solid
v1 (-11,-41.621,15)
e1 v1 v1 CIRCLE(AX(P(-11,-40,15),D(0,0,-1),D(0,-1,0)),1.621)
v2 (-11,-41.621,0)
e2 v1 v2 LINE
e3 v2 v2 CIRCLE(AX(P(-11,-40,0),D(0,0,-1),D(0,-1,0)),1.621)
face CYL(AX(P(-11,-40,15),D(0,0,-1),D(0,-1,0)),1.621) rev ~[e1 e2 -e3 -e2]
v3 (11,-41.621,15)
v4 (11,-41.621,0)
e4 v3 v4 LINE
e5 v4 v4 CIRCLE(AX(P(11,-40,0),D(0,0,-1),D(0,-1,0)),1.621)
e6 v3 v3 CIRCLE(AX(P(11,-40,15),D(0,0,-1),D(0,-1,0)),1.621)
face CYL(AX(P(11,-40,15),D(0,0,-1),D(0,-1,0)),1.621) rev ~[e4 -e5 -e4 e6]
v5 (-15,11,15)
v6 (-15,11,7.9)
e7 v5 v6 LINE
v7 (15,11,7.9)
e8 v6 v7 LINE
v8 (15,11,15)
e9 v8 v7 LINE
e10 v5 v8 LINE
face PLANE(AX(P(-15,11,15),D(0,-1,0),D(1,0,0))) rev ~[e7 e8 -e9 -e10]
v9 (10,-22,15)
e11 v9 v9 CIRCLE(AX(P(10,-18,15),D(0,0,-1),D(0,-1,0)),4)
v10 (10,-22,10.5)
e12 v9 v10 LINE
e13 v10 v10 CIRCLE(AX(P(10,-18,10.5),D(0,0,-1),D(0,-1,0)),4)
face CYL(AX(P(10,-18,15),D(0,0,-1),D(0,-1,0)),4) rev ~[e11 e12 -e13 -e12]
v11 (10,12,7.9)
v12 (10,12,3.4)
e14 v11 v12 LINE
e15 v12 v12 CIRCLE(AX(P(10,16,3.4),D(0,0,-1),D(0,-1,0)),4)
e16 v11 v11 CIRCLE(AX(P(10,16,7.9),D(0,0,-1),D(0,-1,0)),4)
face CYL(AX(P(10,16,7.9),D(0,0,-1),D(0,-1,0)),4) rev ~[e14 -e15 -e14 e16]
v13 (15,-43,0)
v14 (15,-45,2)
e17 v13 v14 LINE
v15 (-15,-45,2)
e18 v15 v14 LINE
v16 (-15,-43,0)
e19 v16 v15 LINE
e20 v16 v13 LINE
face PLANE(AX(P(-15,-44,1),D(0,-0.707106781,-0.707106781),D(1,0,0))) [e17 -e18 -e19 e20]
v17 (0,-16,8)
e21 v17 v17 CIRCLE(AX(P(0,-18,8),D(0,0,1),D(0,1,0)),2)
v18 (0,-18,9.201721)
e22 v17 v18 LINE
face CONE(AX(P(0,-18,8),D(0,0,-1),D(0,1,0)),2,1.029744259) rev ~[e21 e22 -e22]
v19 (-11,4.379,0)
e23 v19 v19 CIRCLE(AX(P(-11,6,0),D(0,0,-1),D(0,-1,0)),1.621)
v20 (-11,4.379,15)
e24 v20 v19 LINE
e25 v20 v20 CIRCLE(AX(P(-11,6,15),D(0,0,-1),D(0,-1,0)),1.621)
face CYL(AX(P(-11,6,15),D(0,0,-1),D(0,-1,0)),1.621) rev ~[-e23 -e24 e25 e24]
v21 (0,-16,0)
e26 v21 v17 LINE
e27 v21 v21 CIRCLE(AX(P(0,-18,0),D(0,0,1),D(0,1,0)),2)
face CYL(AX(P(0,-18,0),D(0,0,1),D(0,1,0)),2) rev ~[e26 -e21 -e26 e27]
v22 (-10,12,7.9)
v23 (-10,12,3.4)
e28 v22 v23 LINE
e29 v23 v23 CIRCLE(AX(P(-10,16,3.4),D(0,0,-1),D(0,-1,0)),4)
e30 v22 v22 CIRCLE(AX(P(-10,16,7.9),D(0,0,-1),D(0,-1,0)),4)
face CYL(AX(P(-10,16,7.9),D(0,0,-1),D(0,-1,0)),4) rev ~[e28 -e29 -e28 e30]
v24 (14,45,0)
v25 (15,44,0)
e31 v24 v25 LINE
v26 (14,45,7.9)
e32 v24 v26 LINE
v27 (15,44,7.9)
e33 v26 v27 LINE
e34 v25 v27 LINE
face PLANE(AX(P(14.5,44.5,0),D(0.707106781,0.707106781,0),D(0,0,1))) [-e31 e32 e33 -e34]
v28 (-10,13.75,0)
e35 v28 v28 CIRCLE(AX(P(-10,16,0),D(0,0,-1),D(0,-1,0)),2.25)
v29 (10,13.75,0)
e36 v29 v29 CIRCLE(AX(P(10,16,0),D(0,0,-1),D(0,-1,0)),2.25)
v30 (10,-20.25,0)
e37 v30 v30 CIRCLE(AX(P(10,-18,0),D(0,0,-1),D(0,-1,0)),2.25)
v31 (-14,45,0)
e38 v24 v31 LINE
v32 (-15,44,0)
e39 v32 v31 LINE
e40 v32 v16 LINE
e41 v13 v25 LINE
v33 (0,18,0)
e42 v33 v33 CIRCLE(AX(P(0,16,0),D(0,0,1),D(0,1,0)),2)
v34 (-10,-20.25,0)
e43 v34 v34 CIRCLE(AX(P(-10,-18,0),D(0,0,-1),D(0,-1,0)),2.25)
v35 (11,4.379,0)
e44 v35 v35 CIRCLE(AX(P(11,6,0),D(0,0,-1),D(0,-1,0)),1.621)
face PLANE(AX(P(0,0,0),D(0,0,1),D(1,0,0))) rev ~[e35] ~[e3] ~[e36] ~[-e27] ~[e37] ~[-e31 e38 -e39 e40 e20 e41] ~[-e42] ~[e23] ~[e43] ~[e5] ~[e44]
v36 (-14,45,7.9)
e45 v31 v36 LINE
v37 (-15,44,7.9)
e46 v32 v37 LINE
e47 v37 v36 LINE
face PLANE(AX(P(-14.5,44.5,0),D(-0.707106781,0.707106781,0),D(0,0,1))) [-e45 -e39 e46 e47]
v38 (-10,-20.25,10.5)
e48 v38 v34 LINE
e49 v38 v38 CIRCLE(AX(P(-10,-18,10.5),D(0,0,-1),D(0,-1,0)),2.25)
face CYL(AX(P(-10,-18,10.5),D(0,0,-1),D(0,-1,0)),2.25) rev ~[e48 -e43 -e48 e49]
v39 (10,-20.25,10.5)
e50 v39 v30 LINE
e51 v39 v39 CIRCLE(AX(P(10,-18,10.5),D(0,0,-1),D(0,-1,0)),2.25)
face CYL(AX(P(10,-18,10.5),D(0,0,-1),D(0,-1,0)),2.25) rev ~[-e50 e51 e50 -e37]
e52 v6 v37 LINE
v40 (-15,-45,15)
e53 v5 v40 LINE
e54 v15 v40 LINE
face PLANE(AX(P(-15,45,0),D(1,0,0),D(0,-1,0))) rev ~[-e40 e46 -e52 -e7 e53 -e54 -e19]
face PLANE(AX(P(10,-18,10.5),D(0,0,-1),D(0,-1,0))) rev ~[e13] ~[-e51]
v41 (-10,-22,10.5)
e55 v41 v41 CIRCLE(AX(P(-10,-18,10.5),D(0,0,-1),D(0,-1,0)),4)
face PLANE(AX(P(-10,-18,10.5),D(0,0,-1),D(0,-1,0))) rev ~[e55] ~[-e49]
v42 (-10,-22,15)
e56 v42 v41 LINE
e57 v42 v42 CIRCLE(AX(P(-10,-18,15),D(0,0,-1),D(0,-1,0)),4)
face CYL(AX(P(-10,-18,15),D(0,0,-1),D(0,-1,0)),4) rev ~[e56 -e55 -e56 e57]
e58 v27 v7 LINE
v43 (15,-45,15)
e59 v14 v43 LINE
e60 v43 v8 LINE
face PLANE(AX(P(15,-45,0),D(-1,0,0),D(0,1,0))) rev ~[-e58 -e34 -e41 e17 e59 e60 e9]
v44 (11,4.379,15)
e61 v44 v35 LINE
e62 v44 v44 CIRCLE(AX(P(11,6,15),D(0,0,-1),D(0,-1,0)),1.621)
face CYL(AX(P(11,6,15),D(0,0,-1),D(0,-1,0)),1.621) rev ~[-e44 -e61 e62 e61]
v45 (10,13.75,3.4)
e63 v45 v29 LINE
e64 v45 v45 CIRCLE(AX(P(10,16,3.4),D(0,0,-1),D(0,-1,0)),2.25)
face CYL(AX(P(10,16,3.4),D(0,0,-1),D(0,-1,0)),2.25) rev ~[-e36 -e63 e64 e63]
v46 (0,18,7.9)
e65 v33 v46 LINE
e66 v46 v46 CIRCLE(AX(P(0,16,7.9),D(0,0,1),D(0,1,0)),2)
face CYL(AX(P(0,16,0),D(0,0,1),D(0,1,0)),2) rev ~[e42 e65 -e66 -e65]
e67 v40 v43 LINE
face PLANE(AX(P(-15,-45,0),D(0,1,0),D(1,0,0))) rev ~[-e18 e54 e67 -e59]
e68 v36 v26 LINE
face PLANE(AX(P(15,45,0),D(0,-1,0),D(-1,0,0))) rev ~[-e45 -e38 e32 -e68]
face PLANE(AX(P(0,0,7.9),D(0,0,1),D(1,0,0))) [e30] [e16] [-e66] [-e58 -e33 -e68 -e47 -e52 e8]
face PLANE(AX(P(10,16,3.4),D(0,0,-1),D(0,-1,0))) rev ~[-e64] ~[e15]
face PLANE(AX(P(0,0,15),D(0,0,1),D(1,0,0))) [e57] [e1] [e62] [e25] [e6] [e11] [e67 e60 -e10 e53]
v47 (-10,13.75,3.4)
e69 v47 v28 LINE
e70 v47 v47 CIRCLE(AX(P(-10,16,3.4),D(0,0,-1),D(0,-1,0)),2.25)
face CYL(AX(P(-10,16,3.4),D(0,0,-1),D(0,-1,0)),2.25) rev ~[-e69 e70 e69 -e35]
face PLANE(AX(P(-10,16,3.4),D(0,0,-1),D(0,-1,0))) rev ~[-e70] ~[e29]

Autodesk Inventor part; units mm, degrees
ref_plane "YZ Plane" through (0, 0, 0) normal (1, 0, 0) x (0, 1, 0)
ref_plane "XZ Plane" through (0, 0, 0) normal (0, 1, 0) x (-1, 0, 0)
ref_plane "XY Plane" through (0, 0, 0) normal (0, 0, 1) x (1, 0, 0)
sketch "スケッチ1" plane through (0, 0, 0) normal (0, 0, 1) x (1, 0, 0)
  line L0 (-15, -45) -> (15, -45)
  line L1 (15, -45) -> (15, 45)
  line L2 (15, 45) -> (-15, 45)
  line L3 (-15, 45) -> (-15, -45)
  point P0 (0, 0)
  point P1 (0, -45)
  point P2 (-15, 0)
  dimension "d0" = 30
  dimension "d1" = 90
extrude "押し出し1" add sketch "スケッチ1" along normal blind 15
sketch "スケッチ6" plane through (0, 0, 15) normal (0, 0, 1) x (1, 0, 0)
  line L0 (15, -45) -> (-15, -45) projected
  point P0 (0, 0)
  point P1 (-11, -40)
  dimension "d33" = 11
  dimension "d52" = 5
hole "穴3" at (-11, -40, 15) direction (0, 0, -1) diameter 3.242 end through all thread size "M4x0.7" class "6H" standard "ANSI Metric M Profile"
pattern_linear "矩形状パターン2" count 2 spacing 22 along (1, 0, 0) count 2 spacing 46 along (0, 1, 0) of "穴3"
sketch "スケッチ9" plane through (0, 0, 15) normal (0, 0, 1) x (1, 0, 0)
  line L0 (15, -45) -> (-15, -45) projected
  point P0 (0, 0)
  point P1 (-10, -18)
  point P2 (10, -18)
  dimension "d53" = 27
  dimension "d54" = 10
  dimension "d62" = 10
hole "穴4" at (-10, -18, 15) at (10, -18, 15) direction (0, 0, -1) diameter 4.5 end through all counterbore diameter 8 counterbore depth 4.5
sketch "スケッチ10" plane through (0, 0, 15) normal (0, 0, 1) x (1, 0, 0)
  circle A0 centre (-11, 6) radius 1.621 projected
  line L0 (-15, -45) -> (-15, 45) projected
  line L1 (15, 45) -> (15, -45) projected
  line L2 (-15, 45) -> (15, 45) projected
  line L3 (-15, 11) -> (15, 11)
  point P0 (0, 0)
  dimension "d63" = 5
extrude "押し出し5" cut sketch "スケッチ10" against normal blind 7.1 contours L0 L2 L1 L3
sketch "スケッチ11" plane through (0, 0, 7.9) normal (0, 0, 1) x (1, 0, 0)
  circle A0 centre (-10, -18) radius 4 projected
  circle A1 centre (10, -18) radius 4 projected
  point P0 (0, 0)
  point P1 (-10, 16)
  point P2 (10, 16)
  dimension "d66" = 34
hole "穴5" at (-10, 16, 7.9) at (10, 16, 7.9) direction (0, 0, -1) diameter 4.5 end through all counterbore diameter 8 counterbore depth 4.5
chamfer "面取り1" distance 1 angle 45 2 edges at (15, 45, 3.95) (-15, 45, 3.95)
sketch "スケッチ12" plane through (0, 0, 0) normal (0, 0, -1) x (-1, 0, 0)
  line L0 (15, -45) -> (-15, -45) projected
  circle A0 centre (-10, 16) radius 2.25 projected
  circle A1 centre (-10, -18) radius 2.25 projected
  point P0 (0, 0)
  point P1 (0, 16)
  point P2 (0, -18)
  point P3 (0, -45)
hole "穴6" at (0, 16, 0) at (0, -18, 0) direction (0, 0, 1) diameter 4 depth 8 tip angle 118
chamfer "面取り2" distance 2 angle 45 1 edges at (0, -45, 0)
equation "\"d62\" = d54"
properties part number "04" material "A5052"
